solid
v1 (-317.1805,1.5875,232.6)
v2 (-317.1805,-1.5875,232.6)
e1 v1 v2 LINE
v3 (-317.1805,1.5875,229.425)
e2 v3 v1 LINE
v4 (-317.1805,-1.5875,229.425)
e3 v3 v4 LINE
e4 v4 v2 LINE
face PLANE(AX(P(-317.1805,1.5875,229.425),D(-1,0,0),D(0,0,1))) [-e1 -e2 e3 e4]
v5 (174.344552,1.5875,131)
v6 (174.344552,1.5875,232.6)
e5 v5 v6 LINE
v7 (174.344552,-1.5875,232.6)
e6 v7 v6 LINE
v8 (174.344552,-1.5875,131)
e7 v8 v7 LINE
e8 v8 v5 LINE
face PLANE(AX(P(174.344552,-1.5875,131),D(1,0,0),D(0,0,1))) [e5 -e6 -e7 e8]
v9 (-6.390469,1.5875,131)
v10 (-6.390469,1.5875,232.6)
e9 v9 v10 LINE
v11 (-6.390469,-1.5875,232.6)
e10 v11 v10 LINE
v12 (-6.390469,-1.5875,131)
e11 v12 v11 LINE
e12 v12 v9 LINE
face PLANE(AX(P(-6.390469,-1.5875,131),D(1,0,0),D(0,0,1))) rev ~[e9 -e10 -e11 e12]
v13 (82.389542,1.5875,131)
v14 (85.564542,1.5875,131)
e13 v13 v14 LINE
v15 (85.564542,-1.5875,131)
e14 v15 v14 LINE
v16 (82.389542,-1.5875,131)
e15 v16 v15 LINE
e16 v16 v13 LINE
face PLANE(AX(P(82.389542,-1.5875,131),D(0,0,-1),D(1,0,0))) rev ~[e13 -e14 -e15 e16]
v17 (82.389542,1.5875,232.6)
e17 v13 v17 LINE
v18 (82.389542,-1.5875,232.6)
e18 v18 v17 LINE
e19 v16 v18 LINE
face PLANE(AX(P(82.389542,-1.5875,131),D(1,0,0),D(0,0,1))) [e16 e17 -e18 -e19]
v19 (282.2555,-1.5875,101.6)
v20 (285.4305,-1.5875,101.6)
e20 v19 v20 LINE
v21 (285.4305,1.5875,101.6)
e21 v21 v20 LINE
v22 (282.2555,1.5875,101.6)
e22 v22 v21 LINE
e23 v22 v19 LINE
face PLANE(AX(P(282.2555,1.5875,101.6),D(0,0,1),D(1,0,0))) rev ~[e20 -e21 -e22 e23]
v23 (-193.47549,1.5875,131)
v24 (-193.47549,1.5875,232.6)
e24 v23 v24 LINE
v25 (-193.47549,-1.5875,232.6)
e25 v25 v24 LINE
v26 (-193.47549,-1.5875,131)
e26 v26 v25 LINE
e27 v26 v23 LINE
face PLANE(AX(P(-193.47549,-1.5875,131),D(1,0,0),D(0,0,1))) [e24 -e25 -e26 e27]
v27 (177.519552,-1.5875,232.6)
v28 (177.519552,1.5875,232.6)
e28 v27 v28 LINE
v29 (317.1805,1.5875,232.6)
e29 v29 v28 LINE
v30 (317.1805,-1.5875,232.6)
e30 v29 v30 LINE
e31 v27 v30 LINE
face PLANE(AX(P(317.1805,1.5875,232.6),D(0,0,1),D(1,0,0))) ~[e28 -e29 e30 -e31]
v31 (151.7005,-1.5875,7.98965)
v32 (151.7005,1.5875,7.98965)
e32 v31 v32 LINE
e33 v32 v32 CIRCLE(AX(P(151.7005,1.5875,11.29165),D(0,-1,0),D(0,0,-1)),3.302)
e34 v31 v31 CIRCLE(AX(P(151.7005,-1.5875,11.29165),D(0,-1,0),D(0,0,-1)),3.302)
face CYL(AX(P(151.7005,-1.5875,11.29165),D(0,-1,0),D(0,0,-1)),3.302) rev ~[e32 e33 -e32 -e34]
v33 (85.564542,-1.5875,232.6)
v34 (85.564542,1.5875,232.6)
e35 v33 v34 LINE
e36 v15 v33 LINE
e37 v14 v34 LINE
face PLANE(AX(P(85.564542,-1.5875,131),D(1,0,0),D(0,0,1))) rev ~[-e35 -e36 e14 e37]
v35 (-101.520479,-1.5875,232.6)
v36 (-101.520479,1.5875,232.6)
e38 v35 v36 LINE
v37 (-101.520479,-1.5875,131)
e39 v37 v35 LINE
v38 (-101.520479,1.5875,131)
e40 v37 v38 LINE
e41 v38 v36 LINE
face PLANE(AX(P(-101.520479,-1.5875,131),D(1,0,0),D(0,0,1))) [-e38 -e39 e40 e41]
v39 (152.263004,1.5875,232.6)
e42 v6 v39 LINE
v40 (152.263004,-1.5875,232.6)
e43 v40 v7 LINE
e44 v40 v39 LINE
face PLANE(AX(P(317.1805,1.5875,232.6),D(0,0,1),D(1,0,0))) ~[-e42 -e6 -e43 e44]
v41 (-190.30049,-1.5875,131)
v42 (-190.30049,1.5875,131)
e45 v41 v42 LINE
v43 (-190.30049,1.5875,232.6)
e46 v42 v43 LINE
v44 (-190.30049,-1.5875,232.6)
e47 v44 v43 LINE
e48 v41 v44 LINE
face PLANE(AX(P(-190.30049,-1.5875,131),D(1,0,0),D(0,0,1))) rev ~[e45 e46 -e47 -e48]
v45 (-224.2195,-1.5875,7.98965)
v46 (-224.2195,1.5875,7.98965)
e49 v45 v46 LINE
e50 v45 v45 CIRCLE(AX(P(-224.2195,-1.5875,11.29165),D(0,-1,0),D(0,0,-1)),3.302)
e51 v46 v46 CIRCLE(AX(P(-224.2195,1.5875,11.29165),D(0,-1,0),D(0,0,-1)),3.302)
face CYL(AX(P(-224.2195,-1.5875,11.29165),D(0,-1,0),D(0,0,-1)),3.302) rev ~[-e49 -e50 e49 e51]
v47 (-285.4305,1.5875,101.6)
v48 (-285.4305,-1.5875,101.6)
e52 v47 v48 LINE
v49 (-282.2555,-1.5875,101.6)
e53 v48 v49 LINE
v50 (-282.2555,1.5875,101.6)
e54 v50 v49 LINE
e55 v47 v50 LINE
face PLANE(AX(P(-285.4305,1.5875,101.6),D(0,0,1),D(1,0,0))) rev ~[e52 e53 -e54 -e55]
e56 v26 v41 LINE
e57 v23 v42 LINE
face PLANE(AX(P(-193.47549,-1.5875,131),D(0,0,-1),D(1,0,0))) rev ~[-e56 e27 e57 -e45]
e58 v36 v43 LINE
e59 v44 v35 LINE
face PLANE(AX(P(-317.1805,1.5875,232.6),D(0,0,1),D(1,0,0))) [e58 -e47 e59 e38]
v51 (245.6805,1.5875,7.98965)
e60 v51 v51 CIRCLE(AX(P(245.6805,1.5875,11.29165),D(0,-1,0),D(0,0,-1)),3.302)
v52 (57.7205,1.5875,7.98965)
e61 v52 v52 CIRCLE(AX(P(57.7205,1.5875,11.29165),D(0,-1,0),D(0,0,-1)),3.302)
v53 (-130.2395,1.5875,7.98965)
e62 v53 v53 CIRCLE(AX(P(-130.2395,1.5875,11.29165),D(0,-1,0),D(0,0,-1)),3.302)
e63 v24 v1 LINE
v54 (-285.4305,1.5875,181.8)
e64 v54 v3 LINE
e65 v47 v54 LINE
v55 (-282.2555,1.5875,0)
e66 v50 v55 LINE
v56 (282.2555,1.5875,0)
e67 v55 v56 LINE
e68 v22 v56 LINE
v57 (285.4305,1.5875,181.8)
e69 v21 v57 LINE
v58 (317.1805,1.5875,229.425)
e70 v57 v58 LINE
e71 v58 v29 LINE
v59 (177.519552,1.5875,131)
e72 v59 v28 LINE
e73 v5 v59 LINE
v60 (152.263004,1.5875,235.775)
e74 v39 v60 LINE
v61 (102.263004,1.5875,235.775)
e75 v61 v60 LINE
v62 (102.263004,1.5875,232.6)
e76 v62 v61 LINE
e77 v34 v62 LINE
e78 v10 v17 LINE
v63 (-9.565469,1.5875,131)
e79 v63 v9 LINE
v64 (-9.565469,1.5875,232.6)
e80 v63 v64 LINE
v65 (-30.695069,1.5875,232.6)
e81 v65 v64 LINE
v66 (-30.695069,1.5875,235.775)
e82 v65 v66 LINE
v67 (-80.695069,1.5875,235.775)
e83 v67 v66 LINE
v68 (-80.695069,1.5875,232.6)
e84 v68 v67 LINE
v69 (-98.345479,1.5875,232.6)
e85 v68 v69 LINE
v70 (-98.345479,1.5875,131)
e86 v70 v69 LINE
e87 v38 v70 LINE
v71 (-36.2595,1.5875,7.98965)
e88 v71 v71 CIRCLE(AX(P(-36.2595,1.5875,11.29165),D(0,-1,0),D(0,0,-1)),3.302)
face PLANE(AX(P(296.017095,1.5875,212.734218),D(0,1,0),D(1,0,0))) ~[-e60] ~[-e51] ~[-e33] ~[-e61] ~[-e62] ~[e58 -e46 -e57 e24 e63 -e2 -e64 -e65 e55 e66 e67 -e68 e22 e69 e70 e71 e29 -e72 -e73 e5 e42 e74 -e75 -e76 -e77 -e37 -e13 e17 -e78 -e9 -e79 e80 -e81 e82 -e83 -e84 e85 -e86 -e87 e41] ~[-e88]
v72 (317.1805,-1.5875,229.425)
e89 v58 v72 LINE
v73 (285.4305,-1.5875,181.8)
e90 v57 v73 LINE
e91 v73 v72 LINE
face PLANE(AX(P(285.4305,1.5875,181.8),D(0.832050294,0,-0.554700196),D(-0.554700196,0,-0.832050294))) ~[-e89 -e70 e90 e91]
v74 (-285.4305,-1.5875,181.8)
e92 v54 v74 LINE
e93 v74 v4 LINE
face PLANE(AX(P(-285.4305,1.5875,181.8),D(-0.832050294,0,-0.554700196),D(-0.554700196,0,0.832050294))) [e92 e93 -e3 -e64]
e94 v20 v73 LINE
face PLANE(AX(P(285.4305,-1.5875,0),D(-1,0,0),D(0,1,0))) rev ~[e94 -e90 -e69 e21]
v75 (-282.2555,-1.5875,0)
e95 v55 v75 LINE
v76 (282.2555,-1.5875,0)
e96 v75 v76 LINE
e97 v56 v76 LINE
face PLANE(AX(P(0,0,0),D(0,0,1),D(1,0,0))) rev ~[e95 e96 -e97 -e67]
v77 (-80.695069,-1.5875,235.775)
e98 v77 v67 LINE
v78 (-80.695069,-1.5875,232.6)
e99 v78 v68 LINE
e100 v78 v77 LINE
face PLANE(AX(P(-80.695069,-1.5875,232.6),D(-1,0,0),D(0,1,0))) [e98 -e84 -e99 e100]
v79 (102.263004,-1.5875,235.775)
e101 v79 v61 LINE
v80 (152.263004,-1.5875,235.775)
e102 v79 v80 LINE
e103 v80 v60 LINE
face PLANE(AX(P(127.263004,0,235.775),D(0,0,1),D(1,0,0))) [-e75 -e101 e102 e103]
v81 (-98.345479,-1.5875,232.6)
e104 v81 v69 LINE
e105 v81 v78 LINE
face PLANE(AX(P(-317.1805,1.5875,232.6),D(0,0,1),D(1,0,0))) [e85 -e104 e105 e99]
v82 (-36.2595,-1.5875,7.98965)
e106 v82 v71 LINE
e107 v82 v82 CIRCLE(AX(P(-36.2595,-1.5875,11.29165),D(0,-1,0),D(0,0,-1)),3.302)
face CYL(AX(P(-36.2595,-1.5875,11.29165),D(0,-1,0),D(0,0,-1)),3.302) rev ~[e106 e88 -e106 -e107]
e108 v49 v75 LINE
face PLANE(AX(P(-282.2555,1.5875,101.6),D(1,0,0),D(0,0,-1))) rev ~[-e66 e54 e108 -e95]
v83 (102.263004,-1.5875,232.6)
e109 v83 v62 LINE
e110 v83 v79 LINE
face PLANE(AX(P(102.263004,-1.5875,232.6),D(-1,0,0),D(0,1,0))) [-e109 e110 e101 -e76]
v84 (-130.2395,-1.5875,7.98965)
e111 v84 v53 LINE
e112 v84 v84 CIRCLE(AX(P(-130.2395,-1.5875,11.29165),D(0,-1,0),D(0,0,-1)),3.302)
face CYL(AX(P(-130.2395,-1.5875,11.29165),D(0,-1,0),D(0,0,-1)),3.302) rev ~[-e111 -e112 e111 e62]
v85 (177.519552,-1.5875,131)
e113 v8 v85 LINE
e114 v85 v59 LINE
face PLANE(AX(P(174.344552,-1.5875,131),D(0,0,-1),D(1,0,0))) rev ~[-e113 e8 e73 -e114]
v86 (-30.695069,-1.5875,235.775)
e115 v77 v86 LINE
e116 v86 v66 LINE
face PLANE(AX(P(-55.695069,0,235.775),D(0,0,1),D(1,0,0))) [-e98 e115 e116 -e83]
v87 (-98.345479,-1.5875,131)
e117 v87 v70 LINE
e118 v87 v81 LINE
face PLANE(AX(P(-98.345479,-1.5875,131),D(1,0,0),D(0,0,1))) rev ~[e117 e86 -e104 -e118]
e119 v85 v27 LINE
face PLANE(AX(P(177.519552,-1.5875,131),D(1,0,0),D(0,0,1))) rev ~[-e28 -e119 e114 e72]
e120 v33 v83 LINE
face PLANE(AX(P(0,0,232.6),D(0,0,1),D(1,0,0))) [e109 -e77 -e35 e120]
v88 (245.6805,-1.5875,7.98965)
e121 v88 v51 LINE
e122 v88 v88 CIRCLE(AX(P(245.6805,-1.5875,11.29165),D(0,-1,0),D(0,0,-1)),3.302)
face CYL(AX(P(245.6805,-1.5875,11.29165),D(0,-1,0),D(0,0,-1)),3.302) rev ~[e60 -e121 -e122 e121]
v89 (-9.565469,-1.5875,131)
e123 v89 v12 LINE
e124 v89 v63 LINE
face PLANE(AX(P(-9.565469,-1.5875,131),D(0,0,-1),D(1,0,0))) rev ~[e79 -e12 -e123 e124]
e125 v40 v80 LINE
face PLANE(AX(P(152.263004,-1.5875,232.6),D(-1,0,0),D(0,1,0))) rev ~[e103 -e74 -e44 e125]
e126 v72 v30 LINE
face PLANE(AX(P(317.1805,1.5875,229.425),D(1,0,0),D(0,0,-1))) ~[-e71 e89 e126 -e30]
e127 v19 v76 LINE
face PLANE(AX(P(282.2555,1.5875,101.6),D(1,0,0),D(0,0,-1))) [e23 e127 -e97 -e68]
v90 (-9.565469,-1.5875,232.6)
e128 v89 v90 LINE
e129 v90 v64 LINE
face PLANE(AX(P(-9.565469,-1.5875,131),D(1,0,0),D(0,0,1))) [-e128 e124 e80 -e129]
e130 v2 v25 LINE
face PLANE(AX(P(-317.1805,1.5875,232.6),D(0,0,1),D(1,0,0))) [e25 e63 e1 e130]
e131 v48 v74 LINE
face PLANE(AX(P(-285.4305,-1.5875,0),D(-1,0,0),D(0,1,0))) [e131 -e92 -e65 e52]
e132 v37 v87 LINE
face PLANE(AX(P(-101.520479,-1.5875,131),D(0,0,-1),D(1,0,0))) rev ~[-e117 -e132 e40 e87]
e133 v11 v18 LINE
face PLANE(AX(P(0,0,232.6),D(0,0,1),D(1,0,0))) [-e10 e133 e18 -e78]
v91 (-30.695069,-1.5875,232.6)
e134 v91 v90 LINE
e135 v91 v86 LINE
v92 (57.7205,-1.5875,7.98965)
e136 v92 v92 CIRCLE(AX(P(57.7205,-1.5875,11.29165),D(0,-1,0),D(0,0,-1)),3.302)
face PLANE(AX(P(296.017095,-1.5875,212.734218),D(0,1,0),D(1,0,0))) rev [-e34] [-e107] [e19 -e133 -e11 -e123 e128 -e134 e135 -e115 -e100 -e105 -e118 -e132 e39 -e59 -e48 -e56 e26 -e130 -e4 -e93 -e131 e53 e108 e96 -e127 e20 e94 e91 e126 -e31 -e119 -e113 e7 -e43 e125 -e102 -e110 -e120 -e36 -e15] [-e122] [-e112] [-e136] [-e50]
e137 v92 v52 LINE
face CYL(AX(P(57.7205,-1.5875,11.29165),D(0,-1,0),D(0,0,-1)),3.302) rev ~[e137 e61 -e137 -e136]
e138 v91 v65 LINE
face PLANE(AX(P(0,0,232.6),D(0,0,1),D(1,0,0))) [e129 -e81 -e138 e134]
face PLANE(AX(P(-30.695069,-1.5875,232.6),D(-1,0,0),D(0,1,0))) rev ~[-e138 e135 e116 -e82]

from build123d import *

# Parameters (mm, degrees)
SKETCH1_W           = 570.861
SKETCH1_H           = 3.175
BOSS_EXTRUDE1_DEPTH = 232.6
SKETCH7_R           = 3.302
CUT_EXTRUDE4_DEPTH  = 369.216527271
SKETCH6_W           = 50
SKETCH6_H           = 3.175
BOSS_EXTRUDE2_DEPTH = 3.175
LPATTERN1_COUNT     = 6
LPATTERN1_PITCH     = 93.98
SKETCH2_W           = 3.175
SKETCH2_H           = 101.6
CUT_EXTRUDE5_DEPTH  = 371.230335845
BOSS_EXTRUDE3_DEPTH = 3.175
SKETCH13_W          = 3.175
SKETCH13_H          = 101.6
CUT_EXTRUDE6_DEPTH  = 396.22575932
LPATTERN2_COUNT     = 5
LPATTERN2_PITCH     = 91.9550104


with BuildPart() as part:
    # Sketch1 → Boss-Extrude1 (new body)
    with BuildSketch(Plane.XY):
        Rectangle(SKETCH1_W, SKETCH1_H)
    extrude(amount=BOSS_EXTRUDE1_DEPTH)

    # Sketch7 → Cut-Extrude4 (cut, through all)
    with BuildSketch(Plane(origin=(0, -1.5875, 0), x_dir=(-1, 0, 0), z_dir=(0, -1, 0))):
        with Locations((-245.6805, -11.29165)):
            Circle(SKETCH7_R)
    cut_extrude4 = extrude(amount=-CUT_EXTRUDE4_DEPTH, mode=Mode.SUBTRACT)

    # Sketch6 → Boss-Extrude2 (add)
    with BuildSketch(Plane.XY.offset(232.6)):
        with Locations((127.26300405, 0)):
            Rectangle(SKETCH6_W, SKETCH6_H)
        with Locations((-55.6950692, 0)):
            Rectangle(SKETCH6_W, SKETCH6_H)
    extrude(amount=BOSS_EXTRUDE2_DEPTH)

    # LPattern1: Cut-Extrude4 ×6
    with Locations(*[(-i * LPATTERN1_PITCH, 0, 0) for i in range(1, LPATTERN1_COUNT)]):
        add(cut_extrude4, mode=Mode.SUBTRACT)

    # Sketch2 → Cut-Extrude5 (cut, through all)
    with BuildSketch(Plane(origin=(0, 1.5875, 0), x_dir=(1, 0, 0), z_dir=(0, 1, 0))):
        with Locations((283.843, -50.8)):
            Rectangle(SKETCH2_W, SKETCH2_H)
        with Locations((-283.843, -50.8)):
            Rectangle(SKETCH2_W, SKETCH2_H)
    extrude(amount=-CUT_EXTRUDE5_DEPTH, mode=Mode.SUBTRACT)

    # Sketch12 → Boss-Extrude3 (add)
    with BuildSketch(Plane(origin=(0, 1.5875, 0), x_dir=(1, 0, 0), z_dir=(0, 1, 0))):
        Polygon((-317.1805, -232.6), (-285.4305, -232.6), (-285.4305, -181.8), (-317.1805, -229.425), align=None)
    boss_extrude3 = extrude(amount=-BOSS_EXTRUDE3_DEPTH)

    # Mirror1: Boss-Extrude3 across plane
    add(boss_extrude3.mirror(Plane(origin=(0, 0, 0), x_dir=(0, 0, 1), z_dir=(1, 0, 0))))

    # Sketch13 → Cut-Extrude6 (cut, through all)
    with BuildSketch(Plane.XZ.offset(1.5875)):
        with Locations((-191.8879896, 181.8)):
            Rectangle(SKETCH13_W, SKETCH13_H)
    cut_extrude6 = extrude(amount=-CUT_EXTRUDE6_DEPTH, mode=Mode.SUBTRACT)

    # LPattern2: Cut-Extrude6 ×5
    with Locations(*[(i * LPATTERN2_PITCH, 0, 0) for i in range(1, LPATTERN2_COUNT)]):
        add(cut_extrude6, mode=Mode.SUBTRACT)


solid = part.part
